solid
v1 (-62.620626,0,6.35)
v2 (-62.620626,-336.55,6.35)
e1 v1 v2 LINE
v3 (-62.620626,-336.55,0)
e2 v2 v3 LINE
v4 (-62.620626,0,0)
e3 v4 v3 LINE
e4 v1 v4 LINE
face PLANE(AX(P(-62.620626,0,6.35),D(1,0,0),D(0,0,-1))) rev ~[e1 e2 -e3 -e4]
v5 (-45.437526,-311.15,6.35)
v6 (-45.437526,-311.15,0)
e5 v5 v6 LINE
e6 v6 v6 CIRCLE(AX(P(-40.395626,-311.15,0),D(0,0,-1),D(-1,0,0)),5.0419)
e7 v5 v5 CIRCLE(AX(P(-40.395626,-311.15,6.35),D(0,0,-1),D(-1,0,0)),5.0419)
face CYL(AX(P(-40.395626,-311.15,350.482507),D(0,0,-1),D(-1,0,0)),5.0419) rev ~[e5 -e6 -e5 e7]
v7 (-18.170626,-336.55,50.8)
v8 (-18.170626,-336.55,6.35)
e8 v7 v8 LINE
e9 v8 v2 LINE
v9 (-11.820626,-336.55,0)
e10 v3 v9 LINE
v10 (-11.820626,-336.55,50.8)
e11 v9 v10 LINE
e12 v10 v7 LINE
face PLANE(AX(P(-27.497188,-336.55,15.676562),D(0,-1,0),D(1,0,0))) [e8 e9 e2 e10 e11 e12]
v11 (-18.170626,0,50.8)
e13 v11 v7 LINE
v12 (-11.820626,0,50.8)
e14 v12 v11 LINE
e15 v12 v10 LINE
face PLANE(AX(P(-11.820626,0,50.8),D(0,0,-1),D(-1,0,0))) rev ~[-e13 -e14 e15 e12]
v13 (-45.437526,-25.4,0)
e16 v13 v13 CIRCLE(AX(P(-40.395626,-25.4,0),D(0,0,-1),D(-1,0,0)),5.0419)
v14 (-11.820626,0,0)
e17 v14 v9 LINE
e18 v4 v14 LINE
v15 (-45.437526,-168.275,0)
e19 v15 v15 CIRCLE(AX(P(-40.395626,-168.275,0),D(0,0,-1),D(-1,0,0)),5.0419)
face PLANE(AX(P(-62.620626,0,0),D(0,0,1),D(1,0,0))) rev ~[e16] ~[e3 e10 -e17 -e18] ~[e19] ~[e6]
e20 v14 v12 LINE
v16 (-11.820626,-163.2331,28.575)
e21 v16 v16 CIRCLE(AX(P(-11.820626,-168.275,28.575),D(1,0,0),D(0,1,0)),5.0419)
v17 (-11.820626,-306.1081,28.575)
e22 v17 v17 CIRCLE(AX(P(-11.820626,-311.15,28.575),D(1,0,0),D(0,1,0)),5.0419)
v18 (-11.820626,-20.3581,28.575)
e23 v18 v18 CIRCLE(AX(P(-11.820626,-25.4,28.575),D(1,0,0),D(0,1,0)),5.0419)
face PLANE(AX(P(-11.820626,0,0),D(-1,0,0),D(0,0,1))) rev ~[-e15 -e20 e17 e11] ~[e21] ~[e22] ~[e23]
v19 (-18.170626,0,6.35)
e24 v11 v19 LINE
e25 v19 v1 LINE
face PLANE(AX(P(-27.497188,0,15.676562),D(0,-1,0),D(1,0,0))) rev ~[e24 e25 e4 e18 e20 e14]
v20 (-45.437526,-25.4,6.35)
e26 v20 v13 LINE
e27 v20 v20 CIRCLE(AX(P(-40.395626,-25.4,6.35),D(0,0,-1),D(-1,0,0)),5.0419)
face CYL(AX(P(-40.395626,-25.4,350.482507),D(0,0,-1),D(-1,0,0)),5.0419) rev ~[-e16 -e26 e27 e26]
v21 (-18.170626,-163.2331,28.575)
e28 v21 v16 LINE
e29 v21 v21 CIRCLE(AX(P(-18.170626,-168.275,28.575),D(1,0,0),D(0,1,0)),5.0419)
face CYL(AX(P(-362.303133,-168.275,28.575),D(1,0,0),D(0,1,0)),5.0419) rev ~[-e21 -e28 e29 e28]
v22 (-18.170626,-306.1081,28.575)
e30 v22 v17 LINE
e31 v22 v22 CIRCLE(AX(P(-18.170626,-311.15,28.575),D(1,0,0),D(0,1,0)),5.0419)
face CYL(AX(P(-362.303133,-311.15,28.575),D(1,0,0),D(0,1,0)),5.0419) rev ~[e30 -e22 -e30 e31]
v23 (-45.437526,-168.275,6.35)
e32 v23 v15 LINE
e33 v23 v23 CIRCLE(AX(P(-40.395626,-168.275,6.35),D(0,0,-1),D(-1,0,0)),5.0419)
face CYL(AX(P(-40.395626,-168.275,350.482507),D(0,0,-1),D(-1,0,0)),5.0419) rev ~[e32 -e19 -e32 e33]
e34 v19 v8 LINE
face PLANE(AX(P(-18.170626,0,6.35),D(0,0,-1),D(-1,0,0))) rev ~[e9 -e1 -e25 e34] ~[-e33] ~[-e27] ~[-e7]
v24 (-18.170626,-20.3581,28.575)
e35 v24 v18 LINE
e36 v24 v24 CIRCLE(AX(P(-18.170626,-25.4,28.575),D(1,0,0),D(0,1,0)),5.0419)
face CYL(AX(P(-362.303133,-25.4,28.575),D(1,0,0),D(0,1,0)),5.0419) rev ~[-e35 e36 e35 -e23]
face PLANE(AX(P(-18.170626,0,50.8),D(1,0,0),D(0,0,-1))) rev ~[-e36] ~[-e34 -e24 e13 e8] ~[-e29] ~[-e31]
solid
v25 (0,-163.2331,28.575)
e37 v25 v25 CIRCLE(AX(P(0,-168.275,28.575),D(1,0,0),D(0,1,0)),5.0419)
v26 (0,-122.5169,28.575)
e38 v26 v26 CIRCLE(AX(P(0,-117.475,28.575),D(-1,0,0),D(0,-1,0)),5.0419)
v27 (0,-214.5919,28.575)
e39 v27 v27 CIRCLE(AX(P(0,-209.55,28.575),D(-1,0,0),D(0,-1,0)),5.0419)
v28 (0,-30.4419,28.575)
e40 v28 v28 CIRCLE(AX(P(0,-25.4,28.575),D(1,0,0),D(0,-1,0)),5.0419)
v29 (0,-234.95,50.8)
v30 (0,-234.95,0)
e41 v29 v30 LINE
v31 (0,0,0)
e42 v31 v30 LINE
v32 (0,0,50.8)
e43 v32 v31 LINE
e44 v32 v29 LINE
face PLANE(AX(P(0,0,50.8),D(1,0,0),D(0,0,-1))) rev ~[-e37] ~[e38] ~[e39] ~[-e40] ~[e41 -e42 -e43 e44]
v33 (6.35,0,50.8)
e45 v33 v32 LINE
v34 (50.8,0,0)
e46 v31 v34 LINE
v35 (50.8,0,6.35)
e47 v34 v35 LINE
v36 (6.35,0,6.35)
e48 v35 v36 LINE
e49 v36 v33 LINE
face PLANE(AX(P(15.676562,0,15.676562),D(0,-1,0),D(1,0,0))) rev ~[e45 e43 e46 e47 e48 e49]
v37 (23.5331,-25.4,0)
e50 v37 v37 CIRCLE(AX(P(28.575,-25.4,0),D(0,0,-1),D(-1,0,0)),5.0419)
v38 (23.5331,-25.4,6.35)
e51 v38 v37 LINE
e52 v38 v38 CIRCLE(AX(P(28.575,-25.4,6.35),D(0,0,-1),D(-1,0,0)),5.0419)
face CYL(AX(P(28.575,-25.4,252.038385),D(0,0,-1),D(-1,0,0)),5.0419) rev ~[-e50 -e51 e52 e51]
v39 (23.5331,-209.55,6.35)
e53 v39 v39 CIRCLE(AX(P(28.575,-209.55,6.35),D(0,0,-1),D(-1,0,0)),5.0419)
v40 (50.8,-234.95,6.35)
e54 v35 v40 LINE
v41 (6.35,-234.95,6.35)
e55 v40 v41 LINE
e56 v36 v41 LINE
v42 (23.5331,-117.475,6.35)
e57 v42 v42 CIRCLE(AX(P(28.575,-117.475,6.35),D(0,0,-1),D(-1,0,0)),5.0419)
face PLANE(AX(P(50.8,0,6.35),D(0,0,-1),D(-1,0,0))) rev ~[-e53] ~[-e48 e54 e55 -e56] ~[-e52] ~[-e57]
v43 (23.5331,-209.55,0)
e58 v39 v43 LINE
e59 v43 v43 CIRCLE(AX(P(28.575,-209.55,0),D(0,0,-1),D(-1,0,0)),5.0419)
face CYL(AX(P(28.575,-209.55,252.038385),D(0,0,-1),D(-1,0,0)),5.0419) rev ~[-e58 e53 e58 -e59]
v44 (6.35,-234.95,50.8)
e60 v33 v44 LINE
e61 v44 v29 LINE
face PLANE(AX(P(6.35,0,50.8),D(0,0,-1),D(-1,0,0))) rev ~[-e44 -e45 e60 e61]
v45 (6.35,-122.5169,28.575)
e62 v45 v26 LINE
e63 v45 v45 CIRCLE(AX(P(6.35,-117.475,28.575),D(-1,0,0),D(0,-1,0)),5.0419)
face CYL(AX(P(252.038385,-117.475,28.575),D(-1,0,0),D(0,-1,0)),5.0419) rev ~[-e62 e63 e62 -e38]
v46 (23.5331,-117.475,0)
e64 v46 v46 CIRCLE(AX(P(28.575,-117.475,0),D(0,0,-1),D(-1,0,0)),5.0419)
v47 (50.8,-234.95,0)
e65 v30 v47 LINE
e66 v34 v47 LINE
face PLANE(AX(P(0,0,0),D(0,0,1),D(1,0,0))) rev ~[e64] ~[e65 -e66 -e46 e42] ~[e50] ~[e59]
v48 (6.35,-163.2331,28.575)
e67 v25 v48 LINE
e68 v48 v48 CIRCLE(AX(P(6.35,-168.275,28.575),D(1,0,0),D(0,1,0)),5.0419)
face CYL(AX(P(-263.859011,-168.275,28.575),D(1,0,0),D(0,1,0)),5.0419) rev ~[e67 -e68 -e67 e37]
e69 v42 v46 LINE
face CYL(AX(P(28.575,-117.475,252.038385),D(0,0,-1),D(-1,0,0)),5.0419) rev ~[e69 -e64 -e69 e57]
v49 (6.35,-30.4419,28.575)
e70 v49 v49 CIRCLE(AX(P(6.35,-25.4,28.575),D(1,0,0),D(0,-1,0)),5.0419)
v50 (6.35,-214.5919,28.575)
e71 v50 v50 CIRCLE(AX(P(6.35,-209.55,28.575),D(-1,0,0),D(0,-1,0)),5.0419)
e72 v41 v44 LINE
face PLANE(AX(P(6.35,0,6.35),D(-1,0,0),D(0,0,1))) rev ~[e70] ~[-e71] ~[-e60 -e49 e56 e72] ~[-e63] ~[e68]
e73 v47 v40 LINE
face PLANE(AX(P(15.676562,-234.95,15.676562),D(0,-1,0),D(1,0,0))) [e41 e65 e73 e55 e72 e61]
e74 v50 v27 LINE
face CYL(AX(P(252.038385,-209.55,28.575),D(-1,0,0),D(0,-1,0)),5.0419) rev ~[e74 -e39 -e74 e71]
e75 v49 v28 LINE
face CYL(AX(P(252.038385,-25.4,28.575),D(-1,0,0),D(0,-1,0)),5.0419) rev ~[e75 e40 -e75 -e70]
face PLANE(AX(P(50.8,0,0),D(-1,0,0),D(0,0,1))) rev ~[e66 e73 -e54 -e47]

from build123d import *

# Parameters (mm, degrees)
F1_DEPTH   = 234.95
F4_D       = 10.0838
F4_ON_F2_D = 10.0838
F6_DEPTH   = 336.55
F9_D       = 10.0838
F9_2_D     = 10.0838
F9_ON_F7_D = 10.0838


with BuildPart() as f1:
    # F0 (on Front) → F1 (new body)
    with BuildSketch(Plane.XZ):
        Polygon((0, 50.8), (0, 0), (50.8, 0), (50.8, 6.35), (6.35, 6.35), (6.35, 50.8), align=None)
    extrude(amount=F1_DEPTH)

    # F4 (through all)
    with Locations(Plane.YZ.offset(6.35)):
        with Locations((-25.4, 28.575), (-117.475, 28.575), (-209.55, 28.575)):
            Hole(F4_D / 2)

    # F4 on F2 (through all)
    with Locations(Plane.XY.offset(6.35)):
        with Locations((28.575, -209.55), (28.575, -25.4), (28.575, -117.475)):
            Hole(F4_ON_F2_D / 2)

    # F9 (through all)
    with Locations(Plane(origin=(-18.1706255869, 0, 0), x_dir=(0, -1, 0), z_dir=(-1, 0, 0))):
        with Locations((25.4, 28.575), (168.275, 28.575), (311.15, 28.575)):
            Hole(F9_D / 2)


with BuildPart() as f6:
    # F5 (on Front) → F6 (new body)
    with BuildSketch(Plane.XZ):
        Polygon((-62.6206255869, 0), (-11.8206255869, 0), (-11.8206255869, 50.8), (-18.1706255869, 50.8), (-18.1706255869, 6.35), (-62.6206255869, 6.35), align=None)
    extrude(amount=F6_DEPTH)

    # F9#2 (through all)
    with Locations(Plane(origin=(-18.1706255869, 0, 0), x_dir=(0, -1, 0), z_dir=(-1, 0, 0))):
        with Locations((25.4, 28.575), (168.275, 28.575), (311.15, 28.575)):
            Hole(F9_2_D / 2)

    # F9 on F7 (through all)
    with Locations(Plane.XY.offset(6.35)):
        with Locations((-40.3956255869, -168.275), (-40.3956255869, -25.4), (-40.3956255869, -311.15)):
            Hole(F9_ON_F7_D / 2)


solid = Compound([f1.part, f6.part])
